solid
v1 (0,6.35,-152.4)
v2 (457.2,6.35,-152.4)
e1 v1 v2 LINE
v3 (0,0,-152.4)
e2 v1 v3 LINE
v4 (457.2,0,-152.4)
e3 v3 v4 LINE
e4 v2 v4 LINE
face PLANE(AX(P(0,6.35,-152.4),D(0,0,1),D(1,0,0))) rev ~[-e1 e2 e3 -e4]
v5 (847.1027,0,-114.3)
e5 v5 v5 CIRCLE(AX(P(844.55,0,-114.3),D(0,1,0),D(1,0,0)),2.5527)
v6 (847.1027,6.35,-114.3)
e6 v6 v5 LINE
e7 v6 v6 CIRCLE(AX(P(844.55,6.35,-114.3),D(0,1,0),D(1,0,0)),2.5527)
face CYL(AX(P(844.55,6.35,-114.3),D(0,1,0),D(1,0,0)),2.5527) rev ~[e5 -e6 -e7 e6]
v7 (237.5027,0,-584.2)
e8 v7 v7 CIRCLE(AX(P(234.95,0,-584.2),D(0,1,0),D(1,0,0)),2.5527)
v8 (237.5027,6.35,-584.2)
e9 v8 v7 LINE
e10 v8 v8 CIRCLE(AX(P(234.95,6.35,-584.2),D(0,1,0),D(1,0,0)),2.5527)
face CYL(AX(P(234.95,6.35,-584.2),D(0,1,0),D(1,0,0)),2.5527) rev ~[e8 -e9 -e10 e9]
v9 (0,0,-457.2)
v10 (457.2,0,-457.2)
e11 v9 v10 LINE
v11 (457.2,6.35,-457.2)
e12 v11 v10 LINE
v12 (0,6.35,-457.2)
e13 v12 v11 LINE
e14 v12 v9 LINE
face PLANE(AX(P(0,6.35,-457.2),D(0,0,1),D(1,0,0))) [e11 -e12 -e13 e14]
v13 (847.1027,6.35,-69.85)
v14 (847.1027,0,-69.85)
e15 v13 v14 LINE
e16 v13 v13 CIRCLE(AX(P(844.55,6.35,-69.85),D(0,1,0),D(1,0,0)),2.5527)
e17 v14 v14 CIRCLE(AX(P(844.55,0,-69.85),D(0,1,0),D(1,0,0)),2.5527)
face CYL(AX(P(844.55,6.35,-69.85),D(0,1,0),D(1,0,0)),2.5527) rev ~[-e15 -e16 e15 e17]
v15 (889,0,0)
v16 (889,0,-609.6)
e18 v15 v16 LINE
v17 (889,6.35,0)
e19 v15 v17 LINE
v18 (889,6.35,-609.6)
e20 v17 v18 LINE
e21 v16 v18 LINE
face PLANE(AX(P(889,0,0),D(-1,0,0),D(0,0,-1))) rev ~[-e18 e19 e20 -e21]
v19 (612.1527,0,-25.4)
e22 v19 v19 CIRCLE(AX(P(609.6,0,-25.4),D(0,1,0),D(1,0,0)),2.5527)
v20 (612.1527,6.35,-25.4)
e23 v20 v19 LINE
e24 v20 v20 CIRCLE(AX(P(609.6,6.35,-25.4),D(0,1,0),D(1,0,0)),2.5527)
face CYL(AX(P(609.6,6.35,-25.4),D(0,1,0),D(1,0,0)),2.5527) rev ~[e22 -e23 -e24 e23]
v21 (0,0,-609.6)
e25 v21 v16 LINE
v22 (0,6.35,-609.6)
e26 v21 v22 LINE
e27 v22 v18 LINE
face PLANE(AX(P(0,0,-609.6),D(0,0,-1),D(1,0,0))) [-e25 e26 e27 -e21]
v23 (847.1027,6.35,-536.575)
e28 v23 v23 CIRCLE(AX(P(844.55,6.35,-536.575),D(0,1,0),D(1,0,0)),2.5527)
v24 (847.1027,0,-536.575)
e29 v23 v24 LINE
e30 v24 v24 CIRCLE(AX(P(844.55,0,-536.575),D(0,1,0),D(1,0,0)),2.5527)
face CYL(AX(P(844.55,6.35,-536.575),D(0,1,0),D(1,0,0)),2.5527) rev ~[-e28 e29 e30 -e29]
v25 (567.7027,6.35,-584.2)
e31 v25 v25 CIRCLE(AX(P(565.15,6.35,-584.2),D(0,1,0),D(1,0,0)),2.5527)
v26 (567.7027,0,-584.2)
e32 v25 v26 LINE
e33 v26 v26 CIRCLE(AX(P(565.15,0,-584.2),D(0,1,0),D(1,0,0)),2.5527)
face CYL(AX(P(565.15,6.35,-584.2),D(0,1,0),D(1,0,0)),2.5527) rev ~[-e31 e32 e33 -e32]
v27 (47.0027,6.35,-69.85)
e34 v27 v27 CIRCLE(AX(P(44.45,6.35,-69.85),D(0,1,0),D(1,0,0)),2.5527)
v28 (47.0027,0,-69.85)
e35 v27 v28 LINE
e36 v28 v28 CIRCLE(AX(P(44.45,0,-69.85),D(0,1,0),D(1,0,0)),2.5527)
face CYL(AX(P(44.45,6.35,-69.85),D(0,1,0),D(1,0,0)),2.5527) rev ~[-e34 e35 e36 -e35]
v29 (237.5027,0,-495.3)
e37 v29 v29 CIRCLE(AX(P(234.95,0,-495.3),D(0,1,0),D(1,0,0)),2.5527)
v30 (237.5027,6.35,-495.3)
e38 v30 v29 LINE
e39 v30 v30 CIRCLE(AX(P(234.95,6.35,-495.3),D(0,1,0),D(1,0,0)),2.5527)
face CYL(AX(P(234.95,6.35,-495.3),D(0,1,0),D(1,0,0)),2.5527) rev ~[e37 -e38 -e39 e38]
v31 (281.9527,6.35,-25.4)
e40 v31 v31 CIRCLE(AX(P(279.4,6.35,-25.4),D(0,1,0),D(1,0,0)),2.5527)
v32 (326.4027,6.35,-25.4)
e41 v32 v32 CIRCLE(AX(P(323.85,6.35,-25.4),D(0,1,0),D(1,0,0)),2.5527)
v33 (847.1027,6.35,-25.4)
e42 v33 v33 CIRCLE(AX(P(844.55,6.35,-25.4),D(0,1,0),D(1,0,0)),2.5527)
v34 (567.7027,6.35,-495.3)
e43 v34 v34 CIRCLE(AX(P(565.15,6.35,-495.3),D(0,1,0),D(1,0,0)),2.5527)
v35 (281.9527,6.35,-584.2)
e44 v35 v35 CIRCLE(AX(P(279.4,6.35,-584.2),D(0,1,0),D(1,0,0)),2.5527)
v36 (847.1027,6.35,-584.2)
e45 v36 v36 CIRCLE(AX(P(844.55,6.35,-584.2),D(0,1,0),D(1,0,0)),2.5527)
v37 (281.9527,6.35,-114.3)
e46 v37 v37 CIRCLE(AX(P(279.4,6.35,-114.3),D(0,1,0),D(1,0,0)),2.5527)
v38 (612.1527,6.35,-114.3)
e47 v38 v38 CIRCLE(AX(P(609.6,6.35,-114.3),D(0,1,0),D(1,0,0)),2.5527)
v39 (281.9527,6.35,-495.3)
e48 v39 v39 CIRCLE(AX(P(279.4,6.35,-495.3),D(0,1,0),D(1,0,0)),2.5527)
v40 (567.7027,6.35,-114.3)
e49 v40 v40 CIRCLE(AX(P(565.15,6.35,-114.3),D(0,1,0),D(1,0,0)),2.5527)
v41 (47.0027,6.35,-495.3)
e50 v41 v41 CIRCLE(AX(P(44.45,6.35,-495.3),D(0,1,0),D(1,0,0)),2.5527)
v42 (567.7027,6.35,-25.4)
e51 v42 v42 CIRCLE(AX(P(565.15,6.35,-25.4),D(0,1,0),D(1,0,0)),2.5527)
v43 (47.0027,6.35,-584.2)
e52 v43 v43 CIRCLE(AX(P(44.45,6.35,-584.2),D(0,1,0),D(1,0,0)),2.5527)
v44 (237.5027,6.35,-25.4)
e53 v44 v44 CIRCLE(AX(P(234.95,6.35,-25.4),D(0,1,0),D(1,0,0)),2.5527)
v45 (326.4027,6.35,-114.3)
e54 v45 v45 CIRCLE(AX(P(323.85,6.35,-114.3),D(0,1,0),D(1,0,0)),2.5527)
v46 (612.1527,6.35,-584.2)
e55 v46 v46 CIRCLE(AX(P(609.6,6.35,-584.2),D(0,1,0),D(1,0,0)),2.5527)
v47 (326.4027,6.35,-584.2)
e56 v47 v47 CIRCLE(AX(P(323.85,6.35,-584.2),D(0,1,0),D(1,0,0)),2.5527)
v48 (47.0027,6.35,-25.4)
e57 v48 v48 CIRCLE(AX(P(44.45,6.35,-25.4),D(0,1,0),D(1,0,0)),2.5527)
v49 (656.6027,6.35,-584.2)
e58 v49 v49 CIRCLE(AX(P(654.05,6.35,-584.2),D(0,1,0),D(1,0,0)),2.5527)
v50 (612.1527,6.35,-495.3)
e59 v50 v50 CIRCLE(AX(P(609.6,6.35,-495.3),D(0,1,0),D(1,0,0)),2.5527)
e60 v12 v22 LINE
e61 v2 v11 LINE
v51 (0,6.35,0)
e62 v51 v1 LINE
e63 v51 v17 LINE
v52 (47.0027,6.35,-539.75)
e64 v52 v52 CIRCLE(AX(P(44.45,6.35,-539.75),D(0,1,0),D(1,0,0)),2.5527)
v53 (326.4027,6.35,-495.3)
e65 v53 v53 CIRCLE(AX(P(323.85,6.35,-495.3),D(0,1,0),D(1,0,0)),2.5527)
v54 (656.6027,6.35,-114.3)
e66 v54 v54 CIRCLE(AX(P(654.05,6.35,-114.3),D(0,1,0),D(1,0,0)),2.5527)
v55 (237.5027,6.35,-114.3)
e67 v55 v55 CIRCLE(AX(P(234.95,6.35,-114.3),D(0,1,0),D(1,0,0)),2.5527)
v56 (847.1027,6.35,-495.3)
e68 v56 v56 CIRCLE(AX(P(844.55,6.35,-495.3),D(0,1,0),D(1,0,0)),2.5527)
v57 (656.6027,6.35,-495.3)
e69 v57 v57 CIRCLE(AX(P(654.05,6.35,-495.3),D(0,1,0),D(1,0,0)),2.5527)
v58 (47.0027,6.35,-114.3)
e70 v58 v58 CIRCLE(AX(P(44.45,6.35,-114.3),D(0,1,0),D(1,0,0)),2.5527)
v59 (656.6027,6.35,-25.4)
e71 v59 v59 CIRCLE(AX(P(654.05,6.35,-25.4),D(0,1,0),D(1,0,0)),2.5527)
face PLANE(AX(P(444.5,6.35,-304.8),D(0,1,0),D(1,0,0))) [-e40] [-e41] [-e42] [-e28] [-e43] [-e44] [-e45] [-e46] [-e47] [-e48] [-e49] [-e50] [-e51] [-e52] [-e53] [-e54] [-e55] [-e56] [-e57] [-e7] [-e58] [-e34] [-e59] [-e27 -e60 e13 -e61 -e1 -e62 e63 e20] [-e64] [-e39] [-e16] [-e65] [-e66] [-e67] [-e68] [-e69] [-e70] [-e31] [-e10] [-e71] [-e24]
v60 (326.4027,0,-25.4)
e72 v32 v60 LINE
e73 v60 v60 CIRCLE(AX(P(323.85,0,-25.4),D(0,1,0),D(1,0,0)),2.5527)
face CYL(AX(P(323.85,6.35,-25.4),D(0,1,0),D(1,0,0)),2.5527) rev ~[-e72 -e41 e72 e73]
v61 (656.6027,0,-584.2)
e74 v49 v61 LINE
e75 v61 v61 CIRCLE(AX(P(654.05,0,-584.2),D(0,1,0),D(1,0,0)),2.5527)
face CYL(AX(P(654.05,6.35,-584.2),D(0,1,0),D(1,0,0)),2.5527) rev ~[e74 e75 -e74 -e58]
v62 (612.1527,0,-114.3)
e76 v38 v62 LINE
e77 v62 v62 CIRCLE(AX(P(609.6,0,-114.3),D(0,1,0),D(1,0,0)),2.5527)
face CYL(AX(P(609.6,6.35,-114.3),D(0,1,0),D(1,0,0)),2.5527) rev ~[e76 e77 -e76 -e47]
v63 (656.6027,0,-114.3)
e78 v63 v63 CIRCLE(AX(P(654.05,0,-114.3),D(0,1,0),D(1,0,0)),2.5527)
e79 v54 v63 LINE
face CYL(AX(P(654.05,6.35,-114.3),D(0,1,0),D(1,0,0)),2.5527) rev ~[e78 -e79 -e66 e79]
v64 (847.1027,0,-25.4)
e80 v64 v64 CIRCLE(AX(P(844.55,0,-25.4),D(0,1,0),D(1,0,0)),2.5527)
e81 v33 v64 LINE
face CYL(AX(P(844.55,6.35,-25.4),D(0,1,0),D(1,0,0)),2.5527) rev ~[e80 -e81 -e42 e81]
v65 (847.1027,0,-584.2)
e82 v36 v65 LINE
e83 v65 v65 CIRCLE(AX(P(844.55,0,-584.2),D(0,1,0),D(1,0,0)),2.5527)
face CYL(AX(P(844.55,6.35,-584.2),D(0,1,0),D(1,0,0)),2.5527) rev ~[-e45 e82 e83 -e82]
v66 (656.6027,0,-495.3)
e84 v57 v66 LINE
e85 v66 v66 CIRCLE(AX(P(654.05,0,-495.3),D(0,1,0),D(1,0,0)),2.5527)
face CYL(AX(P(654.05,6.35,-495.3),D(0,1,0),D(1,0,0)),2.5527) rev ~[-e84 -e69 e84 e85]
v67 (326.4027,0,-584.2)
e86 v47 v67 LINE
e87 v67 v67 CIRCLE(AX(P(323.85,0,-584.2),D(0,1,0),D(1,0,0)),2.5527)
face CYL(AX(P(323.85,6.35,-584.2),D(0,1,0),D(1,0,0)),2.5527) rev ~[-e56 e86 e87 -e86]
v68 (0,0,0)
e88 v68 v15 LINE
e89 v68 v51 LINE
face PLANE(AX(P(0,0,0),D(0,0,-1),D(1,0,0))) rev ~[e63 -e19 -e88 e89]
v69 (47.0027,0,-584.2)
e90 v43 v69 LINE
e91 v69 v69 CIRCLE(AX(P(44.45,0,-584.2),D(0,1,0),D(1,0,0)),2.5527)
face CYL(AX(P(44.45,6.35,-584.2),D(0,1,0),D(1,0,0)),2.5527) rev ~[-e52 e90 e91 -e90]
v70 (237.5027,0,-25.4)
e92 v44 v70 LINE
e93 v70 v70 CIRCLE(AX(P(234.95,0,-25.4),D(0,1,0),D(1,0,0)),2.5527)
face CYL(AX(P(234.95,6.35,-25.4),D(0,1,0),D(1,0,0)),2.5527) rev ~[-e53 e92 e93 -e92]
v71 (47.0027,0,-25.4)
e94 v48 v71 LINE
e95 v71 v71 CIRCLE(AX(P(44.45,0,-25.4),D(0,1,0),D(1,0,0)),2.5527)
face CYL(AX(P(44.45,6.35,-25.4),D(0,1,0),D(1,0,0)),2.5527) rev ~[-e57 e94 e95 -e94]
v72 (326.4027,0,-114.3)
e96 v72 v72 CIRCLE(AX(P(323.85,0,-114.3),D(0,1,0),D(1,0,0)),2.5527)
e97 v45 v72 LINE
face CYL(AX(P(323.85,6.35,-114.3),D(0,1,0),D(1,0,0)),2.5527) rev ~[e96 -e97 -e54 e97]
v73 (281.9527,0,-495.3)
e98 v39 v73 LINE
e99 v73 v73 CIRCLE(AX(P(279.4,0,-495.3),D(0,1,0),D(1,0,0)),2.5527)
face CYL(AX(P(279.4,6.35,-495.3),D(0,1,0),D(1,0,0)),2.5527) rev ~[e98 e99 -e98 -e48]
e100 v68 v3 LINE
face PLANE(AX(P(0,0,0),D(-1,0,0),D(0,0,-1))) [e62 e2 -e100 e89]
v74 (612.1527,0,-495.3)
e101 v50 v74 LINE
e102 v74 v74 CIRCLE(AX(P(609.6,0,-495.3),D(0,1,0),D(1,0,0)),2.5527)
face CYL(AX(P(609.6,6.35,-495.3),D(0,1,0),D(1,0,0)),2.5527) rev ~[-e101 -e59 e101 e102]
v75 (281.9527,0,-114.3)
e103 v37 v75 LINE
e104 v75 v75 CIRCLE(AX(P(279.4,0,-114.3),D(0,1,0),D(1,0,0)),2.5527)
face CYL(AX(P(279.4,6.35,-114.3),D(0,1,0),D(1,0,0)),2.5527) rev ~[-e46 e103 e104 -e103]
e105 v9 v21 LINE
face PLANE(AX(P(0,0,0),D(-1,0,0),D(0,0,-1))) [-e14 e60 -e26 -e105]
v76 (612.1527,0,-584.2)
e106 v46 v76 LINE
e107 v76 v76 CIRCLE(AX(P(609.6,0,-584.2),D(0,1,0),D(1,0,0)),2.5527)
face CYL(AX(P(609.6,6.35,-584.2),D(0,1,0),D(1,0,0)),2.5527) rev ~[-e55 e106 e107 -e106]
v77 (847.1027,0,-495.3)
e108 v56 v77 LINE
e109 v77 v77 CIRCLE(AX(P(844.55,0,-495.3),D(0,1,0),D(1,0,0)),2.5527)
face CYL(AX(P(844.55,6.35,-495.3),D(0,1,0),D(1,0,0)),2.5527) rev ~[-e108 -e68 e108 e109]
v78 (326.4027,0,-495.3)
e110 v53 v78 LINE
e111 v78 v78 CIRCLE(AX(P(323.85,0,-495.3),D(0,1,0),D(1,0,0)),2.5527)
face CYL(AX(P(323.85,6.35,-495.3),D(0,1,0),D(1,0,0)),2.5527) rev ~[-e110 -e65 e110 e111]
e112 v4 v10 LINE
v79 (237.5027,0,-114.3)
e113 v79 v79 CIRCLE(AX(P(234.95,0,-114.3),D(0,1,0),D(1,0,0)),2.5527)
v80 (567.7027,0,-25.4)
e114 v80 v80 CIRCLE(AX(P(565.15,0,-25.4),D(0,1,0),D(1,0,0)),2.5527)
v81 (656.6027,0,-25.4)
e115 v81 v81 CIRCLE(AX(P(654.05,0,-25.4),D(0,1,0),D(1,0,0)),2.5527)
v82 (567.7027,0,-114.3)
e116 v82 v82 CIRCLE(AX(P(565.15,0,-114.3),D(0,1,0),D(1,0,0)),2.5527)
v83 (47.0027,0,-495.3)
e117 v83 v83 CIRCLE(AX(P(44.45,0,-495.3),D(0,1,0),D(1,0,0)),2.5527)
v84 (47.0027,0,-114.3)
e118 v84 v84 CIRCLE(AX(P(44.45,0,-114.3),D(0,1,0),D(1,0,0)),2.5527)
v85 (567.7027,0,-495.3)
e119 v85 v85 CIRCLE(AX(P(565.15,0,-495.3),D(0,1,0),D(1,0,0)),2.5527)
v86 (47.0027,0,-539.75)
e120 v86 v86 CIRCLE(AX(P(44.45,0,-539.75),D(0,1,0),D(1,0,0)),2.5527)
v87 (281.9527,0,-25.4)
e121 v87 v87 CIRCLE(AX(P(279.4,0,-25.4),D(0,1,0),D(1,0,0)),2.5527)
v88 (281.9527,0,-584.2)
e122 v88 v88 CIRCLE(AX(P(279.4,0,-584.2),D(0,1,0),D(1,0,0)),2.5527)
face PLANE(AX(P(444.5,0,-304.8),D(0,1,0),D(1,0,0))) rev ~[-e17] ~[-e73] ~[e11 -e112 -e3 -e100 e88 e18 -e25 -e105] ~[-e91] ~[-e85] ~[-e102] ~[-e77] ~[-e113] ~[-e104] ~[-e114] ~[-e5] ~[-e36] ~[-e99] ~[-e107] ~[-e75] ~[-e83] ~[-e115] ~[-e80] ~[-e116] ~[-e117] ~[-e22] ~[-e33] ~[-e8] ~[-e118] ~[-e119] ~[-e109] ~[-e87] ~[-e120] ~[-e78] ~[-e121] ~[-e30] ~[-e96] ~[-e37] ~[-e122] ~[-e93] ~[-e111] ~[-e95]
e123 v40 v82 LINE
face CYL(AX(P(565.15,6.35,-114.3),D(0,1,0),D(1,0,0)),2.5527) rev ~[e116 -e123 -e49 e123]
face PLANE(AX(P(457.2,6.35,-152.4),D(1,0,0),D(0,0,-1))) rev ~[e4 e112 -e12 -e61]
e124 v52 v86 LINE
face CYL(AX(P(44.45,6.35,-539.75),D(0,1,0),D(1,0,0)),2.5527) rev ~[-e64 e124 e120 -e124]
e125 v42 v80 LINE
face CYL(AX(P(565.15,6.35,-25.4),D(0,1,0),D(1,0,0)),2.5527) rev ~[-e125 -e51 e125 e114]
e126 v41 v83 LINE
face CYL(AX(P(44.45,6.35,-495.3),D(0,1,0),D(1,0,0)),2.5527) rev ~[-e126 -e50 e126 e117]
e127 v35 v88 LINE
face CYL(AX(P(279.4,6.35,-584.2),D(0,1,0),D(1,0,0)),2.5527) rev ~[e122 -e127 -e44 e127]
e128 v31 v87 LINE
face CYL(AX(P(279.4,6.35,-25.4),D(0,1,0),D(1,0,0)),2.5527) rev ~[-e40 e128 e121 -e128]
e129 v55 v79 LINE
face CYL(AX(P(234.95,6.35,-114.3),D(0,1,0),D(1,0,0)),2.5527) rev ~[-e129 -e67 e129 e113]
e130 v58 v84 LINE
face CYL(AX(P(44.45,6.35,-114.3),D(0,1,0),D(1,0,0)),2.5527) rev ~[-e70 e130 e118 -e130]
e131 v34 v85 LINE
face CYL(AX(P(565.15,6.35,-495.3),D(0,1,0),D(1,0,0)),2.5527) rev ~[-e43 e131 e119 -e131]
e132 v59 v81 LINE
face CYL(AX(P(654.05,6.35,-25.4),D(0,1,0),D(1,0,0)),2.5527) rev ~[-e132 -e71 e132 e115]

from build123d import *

# Parameters (mm, degrees)
SKETCH1_W           = 889
SKETCH1_H           = 609.6
BOSS_EXTRUDE1_DEPTH = 6.35
SKETCH2_W           = 457.2
SKETCH2_H           = 304.8
CUT_EXTRUDE1_DEPTH  = 6.35
SKETCH3_R           = 2.5527
CUT_EXTRUDE2_DEPTH  = 6.35


with BuildPart() as part:
    # Sketch1 → Boss-Extrude1 (new body)
    with BuildSketch(Plane(origin=(0, 0, 0), x_dir=(1, 0, 0), z_dir=(0, 1, 0))):
        with Locations((444.5, 304.8)):
            Rectangle(SKETCH1_W, SKETCH1_H)
    extrude(amount=BOSS_EXTRUDE1_DEPTH)

    # Sketch2 → Cut-Extrude1 (cut)
    with BuildSketch(Plane(origin=(0, 6.35, 0), x_dir=(1, 0, 0), z_dir=(0, 1, 0))):
        with Locations((228.6, 304.8)):
            Rectangle(SKETCH2_W, SKETCH2_H)
    extrude(amount=-CUT_EXTRUDE1_DEPTH, mode=Mode.SUBTRACT)

    # Sketch3 → Cut-Extrude2 (cut)
    with BuildSketch(Plane(origin=(0, 6.35, 0), x_dir=(1, 0, 0), z_dir=(0, 1, 0))):
        with Locations((44.45, 584.2)):
            Circle(SKETCH3_R)
        with Locations((44.45, 539.75)):
            Circle(SKETCH3_R)
        with Locations((44.45, 495.3)):
            Circle(SKETCH3_R)
        with Locations((44.45, 114.3)):
            Circle(SKETCH3_R)
        with Locations((44.45, 69.85)):
            Circle(SKETCH3_R)
        with Locations((44.45, 25.4)):
            Circle(SKETCH3_R)
        with Locations((234.95, 584.2)):
            Circle(SKETCH3_R)
        with Locations((279.4, 584.2)):
            Circle(SKETCH3_R)
        with Locations((323.85, 584.2)):
            Circle(SKETCH3_R)
        with Locations((234.95, 495.3)):
            Circle(SKETCH3_R)
        with Locations((279.4, 495.3)):
            Circle(SKETCH3_R)
        with Locations((323.85, 495.3)):
            Circle(SKETCH3_R)
        with Locations((234.95, 114.3)):
            Circle(SKETCH3_R)
        with Locations((279.4, 114.3)):
            Circle(SKETCH3_R)
        with Locations((323.85, 114.3)):
            Circle(SKETCH3_R)
        with Locations((234.95, 25.4)):
            Circle(SKETCH3_R)
        with Locations((279.4, 25.4)):
            Circle(SKETCH3_R)
        with Locations((323.85, 25.4)):
            Circle(SKETCH3_R)
        with Locations((565.15, 584.2)):
            Circle(SKETCH3_R)
        with Locations((565.15, 495.3)):
            Circle(SKETCH3_R)
        with Locations((609.6, 584.2)):
            Circle(SKETCH3_R)
        with Locations((609.6, 495.3)):
            Circle(SKETCH3_R)
        with Locations((654.05, 584.2)):
            Circle(SKETCH3_R)
        with Locations((654.05, 495.3)):
            Circle(SKETCH3_R)
        with Locations((565.15, 114.3)):
            Circle(SKETCH3_R)
        with Locations((609.6, 114.3)):
            Circle(SKETCH3_R)
        with Locations((654.05, 114.3)):
            Circle(SKETCH3_R)
        with Locations((565.15, 25.4)):
            Circle(SKETCH3_R)
        with Locations((609.6, 25.4)):
            Circle(SKETCH3_R)
        with Locations((654.05, 25.4)):
            Circle(SKETCH3_R)
        with Locations((844.55, 584.2)):
            Circle(SKETCH3_R)
        with Locations((844.55, 536.575)):
            Circle(SKETCH3_R)
        with Locations((844.55, 495.3)):
            Circle(SKETCH3_R)
        with Locations((844.55, 114.3)):
            Circle(SKETCH3_R)
        with Locations((844.55, 69.85)):
            Circle(SKETCH3_R)
        with Locations((844.55, 25.4)):
            Circle(SKETCH3_R)
    extrude(amount=-CUT_EXTRUDE2_DEPTH, mode=Mode.SUBTRACT)


solid = part.part
